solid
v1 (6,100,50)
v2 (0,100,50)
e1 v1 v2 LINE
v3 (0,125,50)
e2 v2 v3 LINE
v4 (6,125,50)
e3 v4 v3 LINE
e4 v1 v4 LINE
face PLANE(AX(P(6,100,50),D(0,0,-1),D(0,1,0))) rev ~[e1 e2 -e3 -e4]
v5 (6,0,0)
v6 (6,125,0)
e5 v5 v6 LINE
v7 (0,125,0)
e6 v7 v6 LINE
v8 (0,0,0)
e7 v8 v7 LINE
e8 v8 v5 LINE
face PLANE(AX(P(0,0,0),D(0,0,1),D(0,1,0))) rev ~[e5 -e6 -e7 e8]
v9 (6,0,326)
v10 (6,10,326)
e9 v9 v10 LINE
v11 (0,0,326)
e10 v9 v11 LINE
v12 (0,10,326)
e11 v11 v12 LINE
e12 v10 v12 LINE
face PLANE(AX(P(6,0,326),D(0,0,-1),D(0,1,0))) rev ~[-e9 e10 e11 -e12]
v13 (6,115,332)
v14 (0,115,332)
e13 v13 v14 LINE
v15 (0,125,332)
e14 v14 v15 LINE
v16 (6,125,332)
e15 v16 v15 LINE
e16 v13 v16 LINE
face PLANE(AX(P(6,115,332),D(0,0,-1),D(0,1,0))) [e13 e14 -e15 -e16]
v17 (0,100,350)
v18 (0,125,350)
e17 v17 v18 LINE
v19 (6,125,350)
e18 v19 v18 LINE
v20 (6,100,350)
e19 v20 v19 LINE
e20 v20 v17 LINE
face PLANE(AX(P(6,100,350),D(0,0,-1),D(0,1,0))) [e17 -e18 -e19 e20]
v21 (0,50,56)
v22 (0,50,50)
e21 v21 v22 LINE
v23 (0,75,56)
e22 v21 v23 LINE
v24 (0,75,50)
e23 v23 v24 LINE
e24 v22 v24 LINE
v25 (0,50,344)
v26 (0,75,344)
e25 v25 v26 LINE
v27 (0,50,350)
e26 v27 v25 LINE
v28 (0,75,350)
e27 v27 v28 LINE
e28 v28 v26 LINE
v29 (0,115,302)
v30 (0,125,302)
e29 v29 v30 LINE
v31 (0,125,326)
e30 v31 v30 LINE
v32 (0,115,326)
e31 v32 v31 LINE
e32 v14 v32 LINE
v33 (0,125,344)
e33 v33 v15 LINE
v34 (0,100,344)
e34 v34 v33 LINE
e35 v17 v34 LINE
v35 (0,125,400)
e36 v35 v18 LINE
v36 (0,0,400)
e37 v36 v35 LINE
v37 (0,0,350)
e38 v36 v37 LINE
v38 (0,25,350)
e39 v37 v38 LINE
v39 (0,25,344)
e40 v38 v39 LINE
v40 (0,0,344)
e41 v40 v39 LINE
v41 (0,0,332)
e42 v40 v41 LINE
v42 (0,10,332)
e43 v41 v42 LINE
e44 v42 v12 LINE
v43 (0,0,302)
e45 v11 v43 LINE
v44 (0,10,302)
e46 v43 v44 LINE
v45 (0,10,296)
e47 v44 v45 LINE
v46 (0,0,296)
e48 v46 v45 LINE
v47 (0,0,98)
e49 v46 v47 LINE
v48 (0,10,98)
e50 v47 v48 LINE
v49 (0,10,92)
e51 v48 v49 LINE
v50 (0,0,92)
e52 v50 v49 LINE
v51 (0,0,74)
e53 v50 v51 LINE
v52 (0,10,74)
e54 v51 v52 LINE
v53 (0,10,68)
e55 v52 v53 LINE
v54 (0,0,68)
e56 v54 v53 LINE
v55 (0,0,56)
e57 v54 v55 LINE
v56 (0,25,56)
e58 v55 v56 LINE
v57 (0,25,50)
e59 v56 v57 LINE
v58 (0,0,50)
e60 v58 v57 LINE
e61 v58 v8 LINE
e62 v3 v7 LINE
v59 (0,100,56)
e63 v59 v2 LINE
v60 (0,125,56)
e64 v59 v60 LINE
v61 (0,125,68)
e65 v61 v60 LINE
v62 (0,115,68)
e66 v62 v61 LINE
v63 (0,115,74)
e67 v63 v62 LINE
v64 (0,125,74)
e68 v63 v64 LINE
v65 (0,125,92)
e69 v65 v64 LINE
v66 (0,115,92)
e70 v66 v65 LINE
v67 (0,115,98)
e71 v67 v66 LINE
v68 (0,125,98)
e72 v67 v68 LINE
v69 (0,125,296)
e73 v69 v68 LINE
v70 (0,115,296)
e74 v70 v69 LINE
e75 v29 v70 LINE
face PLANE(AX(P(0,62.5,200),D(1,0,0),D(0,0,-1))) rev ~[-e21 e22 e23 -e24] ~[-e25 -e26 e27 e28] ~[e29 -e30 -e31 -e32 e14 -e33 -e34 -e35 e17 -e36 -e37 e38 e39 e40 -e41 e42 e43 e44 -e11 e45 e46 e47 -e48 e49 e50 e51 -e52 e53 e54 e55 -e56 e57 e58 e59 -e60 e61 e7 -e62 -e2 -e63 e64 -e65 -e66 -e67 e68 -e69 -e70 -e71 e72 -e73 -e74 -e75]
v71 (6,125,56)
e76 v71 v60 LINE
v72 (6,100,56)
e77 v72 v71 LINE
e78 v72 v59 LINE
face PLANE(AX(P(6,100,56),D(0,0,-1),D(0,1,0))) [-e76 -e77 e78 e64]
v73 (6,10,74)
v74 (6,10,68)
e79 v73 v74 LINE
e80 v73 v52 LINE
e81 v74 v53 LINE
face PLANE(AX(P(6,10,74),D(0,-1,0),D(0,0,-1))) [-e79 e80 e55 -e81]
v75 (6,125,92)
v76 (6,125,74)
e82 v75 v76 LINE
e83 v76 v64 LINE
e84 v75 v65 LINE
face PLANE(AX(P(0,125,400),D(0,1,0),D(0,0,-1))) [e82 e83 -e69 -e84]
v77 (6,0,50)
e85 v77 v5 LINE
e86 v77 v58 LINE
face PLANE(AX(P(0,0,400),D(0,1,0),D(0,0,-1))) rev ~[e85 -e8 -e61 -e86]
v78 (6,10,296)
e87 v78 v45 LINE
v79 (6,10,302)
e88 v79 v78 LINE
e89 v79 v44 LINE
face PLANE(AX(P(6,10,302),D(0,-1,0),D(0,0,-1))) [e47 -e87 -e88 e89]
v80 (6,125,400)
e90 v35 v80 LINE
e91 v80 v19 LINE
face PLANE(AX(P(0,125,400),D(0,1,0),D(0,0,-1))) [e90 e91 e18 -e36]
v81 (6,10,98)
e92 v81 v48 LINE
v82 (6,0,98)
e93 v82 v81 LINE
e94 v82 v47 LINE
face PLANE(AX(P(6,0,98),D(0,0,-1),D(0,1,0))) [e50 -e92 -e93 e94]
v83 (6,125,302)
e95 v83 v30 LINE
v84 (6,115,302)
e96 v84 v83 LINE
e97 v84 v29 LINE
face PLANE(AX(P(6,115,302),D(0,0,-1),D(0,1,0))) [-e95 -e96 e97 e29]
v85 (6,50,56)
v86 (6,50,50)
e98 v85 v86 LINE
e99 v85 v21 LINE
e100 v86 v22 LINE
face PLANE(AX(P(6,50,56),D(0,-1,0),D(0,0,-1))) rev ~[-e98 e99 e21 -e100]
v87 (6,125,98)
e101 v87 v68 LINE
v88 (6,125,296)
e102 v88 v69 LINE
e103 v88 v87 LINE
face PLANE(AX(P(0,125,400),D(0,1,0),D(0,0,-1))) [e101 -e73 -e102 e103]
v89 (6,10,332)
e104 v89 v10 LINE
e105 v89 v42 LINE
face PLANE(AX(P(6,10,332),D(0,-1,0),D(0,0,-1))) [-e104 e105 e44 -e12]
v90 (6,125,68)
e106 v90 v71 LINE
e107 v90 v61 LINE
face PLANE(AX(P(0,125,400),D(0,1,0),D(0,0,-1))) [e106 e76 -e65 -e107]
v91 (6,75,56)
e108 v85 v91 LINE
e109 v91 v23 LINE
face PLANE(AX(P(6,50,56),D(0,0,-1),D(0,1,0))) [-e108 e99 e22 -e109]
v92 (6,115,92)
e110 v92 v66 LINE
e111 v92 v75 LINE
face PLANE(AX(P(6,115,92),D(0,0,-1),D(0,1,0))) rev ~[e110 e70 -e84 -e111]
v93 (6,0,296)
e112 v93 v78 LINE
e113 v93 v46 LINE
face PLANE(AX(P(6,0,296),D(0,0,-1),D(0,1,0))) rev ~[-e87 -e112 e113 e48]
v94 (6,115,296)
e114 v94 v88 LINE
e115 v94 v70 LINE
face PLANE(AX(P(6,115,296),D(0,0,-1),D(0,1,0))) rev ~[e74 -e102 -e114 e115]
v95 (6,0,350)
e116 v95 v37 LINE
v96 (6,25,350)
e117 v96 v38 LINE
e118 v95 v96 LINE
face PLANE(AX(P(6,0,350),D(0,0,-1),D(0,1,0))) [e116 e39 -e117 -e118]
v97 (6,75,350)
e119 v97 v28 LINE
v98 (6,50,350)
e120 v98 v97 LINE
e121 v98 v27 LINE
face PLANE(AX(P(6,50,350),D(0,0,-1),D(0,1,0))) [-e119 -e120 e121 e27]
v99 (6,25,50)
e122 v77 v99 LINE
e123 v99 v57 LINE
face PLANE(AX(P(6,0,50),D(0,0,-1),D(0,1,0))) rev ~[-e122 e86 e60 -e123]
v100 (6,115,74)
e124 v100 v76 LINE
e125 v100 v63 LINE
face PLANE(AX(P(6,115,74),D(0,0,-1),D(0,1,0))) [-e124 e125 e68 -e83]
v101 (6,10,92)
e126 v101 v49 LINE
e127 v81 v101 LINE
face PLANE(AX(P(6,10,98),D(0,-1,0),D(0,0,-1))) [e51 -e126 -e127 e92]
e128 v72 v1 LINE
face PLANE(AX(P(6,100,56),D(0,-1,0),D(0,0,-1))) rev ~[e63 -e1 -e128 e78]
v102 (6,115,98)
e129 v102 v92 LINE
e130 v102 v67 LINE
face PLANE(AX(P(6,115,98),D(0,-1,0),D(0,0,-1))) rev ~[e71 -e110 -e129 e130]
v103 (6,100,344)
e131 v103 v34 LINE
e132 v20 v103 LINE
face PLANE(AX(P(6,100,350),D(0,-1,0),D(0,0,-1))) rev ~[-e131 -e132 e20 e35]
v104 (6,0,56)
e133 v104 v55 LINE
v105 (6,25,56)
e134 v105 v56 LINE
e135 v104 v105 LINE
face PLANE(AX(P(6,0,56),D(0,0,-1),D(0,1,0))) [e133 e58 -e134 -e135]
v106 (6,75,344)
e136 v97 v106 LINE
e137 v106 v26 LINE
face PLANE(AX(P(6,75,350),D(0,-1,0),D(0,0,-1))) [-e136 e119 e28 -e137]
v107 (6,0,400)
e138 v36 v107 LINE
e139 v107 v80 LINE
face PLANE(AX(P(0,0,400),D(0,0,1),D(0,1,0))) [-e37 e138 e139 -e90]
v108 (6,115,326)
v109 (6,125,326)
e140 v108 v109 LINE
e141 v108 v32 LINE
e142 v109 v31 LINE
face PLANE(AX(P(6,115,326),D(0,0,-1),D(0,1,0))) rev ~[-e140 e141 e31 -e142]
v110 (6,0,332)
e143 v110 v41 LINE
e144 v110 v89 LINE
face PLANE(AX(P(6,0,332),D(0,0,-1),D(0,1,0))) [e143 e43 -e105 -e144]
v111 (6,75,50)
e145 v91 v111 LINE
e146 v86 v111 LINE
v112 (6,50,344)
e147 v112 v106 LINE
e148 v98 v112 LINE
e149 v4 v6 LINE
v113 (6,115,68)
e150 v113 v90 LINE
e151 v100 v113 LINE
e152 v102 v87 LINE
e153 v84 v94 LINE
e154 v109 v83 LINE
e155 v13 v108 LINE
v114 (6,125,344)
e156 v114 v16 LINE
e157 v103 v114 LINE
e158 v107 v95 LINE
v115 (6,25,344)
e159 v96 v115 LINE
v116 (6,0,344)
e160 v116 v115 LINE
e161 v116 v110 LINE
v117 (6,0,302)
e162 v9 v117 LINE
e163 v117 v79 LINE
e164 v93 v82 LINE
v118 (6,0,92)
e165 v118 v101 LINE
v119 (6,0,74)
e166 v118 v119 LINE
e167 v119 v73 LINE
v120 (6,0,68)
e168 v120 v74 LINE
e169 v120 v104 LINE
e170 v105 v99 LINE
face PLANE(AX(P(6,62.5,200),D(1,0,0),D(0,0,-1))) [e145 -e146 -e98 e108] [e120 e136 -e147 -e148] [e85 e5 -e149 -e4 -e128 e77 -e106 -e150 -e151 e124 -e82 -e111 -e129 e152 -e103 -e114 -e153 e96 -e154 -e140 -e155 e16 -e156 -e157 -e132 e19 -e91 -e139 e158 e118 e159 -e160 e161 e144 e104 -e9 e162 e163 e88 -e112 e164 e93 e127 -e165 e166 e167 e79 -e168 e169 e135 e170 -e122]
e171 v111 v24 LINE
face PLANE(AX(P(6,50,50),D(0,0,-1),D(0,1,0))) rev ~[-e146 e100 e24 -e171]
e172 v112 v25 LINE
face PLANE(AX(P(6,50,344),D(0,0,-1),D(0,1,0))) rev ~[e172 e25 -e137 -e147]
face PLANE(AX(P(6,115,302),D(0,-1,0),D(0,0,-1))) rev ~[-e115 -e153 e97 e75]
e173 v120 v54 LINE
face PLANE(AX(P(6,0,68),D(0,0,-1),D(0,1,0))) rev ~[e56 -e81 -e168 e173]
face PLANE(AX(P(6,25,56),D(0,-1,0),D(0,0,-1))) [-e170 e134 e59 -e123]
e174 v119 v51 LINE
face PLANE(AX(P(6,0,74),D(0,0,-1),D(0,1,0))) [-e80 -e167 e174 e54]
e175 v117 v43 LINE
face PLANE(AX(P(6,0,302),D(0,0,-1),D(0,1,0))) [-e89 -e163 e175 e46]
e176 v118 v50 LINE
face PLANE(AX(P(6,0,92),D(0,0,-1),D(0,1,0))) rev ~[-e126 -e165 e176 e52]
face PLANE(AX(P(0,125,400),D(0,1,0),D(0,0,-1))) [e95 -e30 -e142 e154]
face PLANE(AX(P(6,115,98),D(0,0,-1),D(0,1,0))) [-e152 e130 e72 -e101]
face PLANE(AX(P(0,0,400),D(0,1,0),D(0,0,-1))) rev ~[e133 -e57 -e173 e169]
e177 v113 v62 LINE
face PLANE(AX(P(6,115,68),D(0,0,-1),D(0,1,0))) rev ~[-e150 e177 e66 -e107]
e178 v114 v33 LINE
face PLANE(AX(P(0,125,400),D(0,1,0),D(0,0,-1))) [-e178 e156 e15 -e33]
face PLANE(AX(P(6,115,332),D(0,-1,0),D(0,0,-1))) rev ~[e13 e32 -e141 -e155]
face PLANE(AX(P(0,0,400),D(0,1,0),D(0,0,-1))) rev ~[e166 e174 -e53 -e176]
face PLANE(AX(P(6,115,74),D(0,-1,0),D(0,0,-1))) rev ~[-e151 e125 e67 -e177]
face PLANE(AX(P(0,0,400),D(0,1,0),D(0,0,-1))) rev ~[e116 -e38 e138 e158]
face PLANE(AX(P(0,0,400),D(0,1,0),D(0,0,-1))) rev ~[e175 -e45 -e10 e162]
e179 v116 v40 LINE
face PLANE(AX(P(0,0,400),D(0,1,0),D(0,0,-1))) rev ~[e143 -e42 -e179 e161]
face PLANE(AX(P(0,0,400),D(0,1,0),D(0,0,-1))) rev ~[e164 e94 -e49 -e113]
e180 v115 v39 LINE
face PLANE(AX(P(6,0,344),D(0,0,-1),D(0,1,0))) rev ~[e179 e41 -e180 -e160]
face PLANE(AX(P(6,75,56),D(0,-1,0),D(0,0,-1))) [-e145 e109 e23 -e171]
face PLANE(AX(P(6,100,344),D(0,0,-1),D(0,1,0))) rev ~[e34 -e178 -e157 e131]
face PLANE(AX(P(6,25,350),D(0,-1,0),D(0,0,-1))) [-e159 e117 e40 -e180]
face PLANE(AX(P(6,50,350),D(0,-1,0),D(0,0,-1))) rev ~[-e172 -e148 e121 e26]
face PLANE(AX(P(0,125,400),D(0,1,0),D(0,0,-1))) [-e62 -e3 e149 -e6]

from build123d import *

# Parameters (mm, degrees)
SKETCH1_W            = 400
SKETCH1_H            = 125
BOSS_EXTRUDE1_DEPTH  = 6
SKETCH3_W            = 6
SKETCH3_H            = 25
CUT_EXTRUDE1_DEPTH   = 420.119314754
LPATTERN1_COUNT      = 2
LPATTERN1_PITCH      = 294
LPATTERN1_COUNT_DIR2 = 3
LPATTERN1_PITCH_DIR2 = 50
SKETCH4_W            = 6
SKETCH4_H            = 10
CUT_EXTRUDE2_DEPTH   = 420.119314754
LPATTERN2_COUNT      = 2
LPATTERN2_PITCH      = 258
LPATTERN2_COUNT_DIR2 = 2
LPATTERN2_PITCH_DIR2 = 115
SKETCH5_W            = 6
SKETCH5_H            = 10
CUT_EXTRUDE3_DEPTH   = 420.119314754
LPATTERN3_COUNT      = 2
LPATTERN3_PITCH      = 115
LPATTERN3_COUNT_DIR2 = 2
LPATTERN3_PITCH_DIR2 = 204


with BuildPart() as part:
    # Sketch1 → Boss-Extrude1 (new body)
    with BuildSketch(Plane(origin=(0, 0, 0), x_dir=(0, 0, -1), z_dir=(1, 0, 0))):
        with Locations((-200, 62.5)):
            Rectangle(SKETCH1_W, SKETCH1_H)
    extrude(amount=BOSS_EXTRUDE1_DEPTH)

    # Sketch3 → Cut-Extrude1 (cut, through all)
    with BuildSketch(Plane(origin=(6, 0, 0), x_dir=(0, 0, -1), z_dir=(1, 0, 0))):
        with Locations((-347, 112.5)):
            Rectangle(SKETCH3_W, SKETCH3_H)
    cut_extrude1 = extrude(amount=-CUT_EXTRUDE1_DEPTH, mode=Mode.SUBTRACT)

    # LPattern1: Cut-Extrude1 2 × 3
    with Locations(*[(0, -j * LPATTERN1_PITCH_DIR2, -i * LPATTERN1_PITCH) for i in range(LPATTERN1_COUNT) for j in range(LPATTERN1_COUNT_DIR2) if (i, j) != (0, 0)]):
        add(cut_extrude1, mode=Mode.SUBTRACT)

    # Sketch4 → Cut-Extrude2 (cut, through all)
    with BuildSketch(Plane(origin=(6, 0, 0), x_dir=(0, 0, -1), z_dir=(1, 0, 0))):
        with Locations((-329, 120)):
            Rectangle(SKETCH4_W, SKETCH4_H)
    cut_extrude2 = extrude(amount=-CUT_EXTRUDE2_DEPTH, mode=Mode.SUBTRACT)

    # LPattern2: Cut-Extrude2 2 × 2
    with Locations(*[(0, -j * LPATTERN2_PITCH_DIR2, -i * LPATTERN2_PITCH) for i in range(LPATTERN2_COUNT) for j in range(LPATTERN2_COUNT_DIR2) if (i, j) != (0, 0)]):
        add(cut_extrude2, mode=Mode.SUBTRACT)

    # Sketch5 → Cut-Extrude3 (cut, through all)
    with BuildSketch(Plane(origin=(6, 0, 0), x_dir=(0, 0, -1), z_dir=(1, 0, 0))):
        with Locations((-299, 120)):
            Rectangle(SKETCH5_W, SKETCH5_H)
    cut_extrude3 = extrude(amount=-CUT_EXTRUDE3_DEPTH, mode=Mode.SUBTRACT)

    # LPattern3: Cut-Extrude3 2 × 2
    with Locations(*[(0, -i * LPATTERN3_PITCH, -j * LPATTERN3_PITCH_DIR2) for i in range(LPATTERN3_COUNT) for j in range(LPATTERN3_COUNT_DIR2) if (i, j) != (0, 0)]):
        add(cut_extrude3, mode=Mode.SUBTRACT)


solid = part.part
